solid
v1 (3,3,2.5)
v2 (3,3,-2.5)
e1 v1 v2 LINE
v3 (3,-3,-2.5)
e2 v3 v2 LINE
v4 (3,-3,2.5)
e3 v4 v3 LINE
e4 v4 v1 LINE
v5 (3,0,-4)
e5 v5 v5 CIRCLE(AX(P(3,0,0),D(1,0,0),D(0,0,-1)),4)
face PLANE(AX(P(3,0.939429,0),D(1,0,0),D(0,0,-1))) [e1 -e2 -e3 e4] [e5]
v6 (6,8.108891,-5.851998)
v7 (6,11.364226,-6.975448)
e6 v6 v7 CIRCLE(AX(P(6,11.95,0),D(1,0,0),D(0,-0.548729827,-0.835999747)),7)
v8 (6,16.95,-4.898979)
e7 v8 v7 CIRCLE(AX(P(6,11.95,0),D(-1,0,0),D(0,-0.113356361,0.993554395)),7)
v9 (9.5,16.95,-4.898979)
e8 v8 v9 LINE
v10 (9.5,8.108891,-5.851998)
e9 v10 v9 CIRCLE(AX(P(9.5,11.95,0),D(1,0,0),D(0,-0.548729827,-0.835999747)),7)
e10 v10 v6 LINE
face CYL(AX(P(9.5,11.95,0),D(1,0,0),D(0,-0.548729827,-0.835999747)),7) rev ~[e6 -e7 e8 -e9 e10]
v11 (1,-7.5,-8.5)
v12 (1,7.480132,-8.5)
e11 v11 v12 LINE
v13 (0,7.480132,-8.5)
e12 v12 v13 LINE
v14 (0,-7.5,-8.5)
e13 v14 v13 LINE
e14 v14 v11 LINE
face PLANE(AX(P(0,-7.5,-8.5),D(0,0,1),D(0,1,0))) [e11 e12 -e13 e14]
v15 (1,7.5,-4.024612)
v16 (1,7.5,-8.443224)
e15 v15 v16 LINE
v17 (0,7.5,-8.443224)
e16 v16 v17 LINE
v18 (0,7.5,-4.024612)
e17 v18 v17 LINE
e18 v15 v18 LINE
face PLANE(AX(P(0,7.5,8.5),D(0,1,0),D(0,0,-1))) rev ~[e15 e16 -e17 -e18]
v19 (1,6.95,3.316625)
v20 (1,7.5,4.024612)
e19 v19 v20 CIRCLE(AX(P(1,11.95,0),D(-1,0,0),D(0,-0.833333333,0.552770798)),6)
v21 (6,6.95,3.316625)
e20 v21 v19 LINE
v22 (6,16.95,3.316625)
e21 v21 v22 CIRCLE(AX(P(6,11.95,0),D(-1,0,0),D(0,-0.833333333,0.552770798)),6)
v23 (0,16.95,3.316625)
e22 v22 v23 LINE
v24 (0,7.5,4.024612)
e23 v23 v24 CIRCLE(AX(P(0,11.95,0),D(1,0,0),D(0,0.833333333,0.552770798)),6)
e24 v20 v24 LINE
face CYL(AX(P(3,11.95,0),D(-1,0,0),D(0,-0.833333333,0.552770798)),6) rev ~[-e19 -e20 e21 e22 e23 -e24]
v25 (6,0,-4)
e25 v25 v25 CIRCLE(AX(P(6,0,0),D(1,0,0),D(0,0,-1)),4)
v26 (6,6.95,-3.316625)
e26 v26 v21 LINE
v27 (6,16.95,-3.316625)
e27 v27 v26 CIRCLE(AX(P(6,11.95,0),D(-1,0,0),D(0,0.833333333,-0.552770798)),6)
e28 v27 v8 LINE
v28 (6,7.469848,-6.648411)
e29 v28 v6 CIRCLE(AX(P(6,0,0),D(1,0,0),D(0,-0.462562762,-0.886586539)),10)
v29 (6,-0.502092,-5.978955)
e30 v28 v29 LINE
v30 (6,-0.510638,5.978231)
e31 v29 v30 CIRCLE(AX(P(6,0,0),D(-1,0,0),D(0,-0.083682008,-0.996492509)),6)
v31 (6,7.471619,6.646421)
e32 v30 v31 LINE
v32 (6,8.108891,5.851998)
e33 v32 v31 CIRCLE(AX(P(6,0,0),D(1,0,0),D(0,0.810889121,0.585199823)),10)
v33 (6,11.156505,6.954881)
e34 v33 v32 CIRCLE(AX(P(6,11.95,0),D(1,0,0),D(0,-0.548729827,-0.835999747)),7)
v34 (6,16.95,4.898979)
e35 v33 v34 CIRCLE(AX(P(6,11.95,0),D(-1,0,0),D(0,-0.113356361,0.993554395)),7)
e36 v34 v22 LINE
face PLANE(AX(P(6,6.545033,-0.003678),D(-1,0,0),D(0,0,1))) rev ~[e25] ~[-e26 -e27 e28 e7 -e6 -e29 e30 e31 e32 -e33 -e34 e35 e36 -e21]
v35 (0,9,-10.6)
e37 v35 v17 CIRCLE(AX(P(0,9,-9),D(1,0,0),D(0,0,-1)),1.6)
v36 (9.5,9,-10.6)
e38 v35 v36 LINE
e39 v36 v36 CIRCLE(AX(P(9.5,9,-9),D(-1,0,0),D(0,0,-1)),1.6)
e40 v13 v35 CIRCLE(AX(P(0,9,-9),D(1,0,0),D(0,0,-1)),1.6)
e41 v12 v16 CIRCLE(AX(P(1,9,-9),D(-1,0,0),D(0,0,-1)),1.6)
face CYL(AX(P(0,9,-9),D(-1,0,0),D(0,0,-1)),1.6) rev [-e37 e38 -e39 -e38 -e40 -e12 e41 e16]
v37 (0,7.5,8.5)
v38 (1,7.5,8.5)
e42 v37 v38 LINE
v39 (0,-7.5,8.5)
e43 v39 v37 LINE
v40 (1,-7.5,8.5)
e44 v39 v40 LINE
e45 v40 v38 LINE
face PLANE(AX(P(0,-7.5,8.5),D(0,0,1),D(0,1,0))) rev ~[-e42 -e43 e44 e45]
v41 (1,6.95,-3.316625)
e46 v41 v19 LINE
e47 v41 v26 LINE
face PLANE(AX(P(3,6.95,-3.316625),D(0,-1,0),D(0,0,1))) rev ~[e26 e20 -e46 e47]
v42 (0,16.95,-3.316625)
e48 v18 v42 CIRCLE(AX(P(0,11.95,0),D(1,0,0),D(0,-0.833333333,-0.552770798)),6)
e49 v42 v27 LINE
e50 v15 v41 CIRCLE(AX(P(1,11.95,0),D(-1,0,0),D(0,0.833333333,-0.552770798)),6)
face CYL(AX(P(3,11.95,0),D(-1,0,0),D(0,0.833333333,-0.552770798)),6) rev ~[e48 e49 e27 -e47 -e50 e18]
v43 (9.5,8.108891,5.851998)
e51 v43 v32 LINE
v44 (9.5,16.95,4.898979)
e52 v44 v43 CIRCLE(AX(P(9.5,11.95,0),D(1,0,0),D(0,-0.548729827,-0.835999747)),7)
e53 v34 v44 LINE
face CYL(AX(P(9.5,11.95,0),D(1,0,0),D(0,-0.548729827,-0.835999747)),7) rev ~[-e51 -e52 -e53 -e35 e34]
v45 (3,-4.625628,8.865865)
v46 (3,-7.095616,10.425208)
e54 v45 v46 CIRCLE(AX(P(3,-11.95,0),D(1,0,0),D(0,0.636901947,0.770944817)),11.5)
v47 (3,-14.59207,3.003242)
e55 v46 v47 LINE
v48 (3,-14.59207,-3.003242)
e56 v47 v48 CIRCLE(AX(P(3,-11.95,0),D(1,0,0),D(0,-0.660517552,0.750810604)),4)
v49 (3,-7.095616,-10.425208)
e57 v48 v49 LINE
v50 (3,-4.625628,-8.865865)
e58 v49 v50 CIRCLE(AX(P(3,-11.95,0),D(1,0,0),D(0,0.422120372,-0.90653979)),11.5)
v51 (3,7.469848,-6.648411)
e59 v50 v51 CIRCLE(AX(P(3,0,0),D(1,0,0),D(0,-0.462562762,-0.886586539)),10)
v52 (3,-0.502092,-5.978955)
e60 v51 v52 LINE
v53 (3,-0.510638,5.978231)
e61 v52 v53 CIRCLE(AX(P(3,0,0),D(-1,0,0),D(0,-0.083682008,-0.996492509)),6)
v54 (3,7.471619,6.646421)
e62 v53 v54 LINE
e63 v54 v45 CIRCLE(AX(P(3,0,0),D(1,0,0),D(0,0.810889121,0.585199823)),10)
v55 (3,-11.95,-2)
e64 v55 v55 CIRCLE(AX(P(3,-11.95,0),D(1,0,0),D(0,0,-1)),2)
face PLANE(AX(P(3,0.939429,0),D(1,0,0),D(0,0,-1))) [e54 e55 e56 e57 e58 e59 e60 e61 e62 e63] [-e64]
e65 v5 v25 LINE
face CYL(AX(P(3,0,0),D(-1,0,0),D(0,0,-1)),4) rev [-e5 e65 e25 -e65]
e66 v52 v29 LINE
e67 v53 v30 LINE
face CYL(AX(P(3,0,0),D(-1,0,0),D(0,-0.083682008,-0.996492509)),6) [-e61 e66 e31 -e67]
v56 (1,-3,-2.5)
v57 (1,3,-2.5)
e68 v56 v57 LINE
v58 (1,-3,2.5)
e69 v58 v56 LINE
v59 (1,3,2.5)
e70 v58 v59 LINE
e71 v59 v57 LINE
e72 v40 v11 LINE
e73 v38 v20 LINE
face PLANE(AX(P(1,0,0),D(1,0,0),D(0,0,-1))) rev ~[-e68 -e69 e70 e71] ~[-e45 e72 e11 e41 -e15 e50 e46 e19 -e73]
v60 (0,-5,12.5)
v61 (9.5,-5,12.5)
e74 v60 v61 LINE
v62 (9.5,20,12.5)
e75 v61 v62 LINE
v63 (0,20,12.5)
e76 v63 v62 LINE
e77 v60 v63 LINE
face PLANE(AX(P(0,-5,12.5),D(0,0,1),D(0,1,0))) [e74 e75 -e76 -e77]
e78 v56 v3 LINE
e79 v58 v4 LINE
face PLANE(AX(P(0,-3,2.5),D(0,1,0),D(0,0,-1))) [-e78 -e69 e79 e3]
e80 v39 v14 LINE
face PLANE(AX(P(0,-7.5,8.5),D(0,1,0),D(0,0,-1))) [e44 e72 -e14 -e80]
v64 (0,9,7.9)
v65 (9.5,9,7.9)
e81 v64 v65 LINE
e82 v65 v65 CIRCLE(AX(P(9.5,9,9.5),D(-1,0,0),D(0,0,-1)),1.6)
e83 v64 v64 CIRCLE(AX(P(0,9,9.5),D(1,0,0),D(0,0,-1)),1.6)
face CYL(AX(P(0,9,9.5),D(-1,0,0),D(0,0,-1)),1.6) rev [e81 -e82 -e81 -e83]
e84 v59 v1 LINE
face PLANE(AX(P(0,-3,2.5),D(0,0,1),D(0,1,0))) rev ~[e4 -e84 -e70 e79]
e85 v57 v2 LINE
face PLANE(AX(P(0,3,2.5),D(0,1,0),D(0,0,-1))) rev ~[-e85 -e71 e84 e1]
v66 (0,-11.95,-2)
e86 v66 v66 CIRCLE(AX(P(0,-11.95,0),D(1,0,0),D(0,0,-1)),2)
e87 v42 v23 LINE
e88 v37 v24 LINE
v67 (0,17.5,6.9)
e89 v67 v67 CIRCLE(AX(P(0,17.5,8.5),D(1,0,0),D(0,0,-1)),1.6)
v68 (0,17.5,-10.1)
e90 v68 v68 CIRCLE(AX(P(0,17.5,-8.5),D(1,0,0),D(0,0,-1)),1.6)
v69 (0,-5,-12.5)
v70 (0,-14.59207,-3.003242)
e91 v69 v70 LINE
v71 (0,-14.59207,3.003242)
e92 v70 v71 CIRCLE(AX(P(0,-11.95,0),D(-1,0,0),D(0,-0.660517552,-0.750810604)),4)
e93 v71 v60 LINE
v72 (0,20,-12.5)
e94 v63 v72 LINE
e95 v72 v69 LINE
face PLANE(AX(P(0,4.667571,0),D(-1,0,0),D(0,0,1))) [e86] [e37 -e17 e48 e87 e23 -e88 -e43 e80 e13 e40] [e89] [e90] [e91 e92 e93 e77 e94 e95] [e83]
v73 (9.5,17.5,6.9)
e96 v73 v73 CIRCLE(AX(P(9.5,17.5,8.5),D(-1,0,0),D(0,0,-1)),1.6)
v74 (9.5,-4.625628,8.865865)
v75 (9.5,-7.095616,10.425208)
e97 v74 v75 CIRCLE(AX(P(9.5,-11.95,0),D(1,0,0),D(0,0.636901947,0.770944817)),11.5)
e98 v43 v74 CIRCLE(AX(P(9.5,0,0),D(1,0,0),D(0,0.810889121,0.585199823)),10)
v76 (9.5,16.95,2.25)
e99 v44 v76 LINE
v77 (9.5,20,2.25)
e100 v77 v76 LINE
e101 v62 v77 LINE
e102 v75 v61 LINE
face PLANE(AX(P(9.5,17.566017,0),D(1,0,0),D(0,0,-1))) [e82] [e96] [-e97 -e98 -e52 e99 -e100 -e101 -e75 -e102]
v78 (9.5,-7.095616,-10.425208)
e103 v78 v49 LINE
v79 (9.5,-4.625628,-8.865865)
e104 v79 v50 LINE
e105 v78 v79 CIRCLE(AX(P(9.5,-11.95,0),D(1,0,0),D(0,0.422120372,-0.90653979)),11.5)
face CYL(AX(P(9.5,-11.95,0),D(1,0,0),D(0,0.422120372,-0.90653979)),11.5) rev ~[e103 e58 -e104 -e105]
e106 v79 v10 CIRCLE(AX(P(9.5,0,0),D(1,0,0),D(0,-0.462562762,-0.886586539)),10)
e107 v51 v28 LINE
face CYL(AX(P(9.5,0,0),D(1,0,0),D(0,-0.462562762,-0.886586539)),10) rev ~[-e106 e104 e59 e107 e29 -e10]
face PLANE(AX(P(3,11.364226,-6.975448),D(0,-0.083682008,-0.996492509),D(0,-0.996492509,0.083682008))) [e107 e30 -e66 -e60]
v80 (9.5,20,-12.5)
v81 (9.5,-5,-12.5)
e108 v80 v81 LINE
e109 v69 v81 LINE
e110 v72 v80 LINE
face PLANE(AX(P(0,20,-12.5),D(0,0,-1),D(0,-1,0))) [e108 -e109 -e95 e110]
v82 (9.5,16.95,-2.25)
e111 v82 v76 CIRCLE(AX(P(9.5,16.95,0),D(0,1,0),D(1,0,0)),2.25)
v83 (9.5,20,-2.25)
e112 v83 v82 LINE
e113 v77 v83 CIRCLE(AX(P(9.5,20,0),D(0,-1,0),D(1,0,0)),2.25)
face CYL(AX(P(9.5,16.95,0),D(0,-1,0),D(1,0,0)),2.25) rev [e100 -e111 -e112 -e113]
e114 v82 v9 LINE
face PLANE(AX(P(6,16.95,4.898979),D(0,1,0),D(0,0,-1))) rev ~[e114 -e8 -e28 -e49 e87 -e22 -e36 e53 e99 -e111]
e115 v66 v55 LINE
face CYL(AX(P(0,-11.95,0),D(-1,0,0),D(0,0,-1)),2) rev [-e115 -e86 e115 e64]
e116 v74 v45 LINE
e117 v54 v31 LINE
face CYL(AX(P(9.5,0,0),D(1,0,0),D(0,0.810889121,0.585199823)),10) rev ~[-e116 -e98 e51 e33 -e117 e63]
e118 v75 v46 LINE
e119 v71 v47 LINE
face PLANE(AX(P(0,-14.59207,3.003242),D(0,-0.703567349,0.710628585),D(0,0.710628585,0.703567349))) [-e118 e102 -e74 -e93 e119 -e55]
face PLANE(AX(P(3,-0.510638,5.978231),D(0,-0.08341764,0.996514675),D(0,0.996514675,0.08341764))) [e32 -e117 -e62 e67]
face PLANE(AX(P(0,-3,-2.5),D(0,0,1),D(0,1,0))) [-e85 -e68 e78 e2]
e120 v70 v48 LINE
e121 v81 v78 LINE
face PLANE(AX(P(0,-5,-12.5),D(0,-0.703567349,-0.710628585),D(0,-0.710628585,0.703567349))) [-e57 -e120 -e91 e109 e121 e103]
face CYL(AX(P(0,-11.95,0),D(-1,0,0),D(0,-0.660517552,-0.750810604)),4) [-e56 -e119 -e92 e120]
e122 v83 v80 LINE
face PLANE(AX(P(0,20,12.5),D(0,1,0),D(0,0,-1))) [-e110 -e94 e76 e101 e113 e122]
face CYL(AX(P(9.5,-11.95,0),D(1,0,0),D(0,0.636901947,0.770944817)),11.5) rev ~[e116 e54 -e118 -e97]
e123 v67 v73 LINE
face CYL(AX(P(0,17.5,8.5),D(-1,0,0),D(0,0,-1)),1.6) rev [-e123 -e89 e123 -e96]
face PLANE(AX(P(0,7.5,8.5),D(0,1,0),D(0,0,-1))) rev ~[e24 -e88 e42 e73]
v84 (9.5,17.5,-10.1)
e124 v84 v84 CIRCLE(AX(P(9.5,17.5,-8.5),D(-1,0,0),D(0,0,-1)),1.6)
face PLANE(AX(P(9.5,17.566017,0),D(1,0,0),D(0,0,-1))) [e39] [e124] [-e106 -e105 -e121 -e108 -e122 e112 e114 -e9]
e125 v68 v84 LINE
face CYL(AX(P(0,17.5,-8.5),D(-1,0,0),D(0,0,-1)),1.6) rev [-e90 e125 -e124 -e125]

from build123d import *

# Parameters (mm, degrees)
SKETCH1_R           = 2
SKETCH1_W           = 5
SKETCH1_H           = 6
BOSS_EXTRUDE1_DEPTH = 9.5
CUT_EXTRUDE1_START  = 9.5
SKETCH1_6_R         = 2
SKETCH1_6_W         = 5
SKETCH1_6_H         = 6
CUT_EXTRUDE1_DEPTH  = 6.5
BOSS_EXTRUDE2_START = 3
SKETCH2_R           = 4
BOSS_EXTRUDE2_DEPTH = 3
BOSS_EXTRUDE3_START = 6
BOSS_EXTRUDE3_DEPTH = 3.5
CUT_EXTRUDE2_START  = 16.95
SKETCH3_R           = 2.25
CUT_EXTRUDE2_DEPTH  = 7
SKETCH5_R           = 1.6
CUT_EXTRUDE3_DEPTH  = 10
SKETCH6_W           = 17
SKETCH6_H           = 15
CUT_EXTRUDE4_DEPTH  = 1


with BuildPart() as part:
    # Sketch1 → Boss-Extrude1 (new body)
    with BuildSketch(Plane(origin=(0, 0, 0), x_dir=(0, 0, -1), z_dir=(1, 0, 0))):
        with BuildLine():
            Line((-12.5, -5), (-12.5, 20))
            Line((-12.5, 20), (12.5, 20))
            Line((12.5, 20), (12.5, -5))
            Line((12.5, -5), (3.003242416, -14.592070209))
            ThreePointArc((3.003242416, -14.592070209), (0, -15.95), (-3.003242416, -14.592070209))
            Line((-3.003242416, -14.592070209), (-12.5, -5))
        make_face()
        with Locations((0, -11.95)):
            Circle(SKETCH1_R, mode=Mode.SUBTRACT)
        with BuildLine():
            Line((-3.31662479, 6.95), (3.31662479, 6.95))
            ThreePointArc((3.31662479, 6.95), (6, 11.95), (3.31662479, 16.95))
            Line((3.31662479, 16.95), (-3.31662479, 16.95))
            ThreePointArc((-3.31662479, 16.95), (-6, 11.95), (-3.31662479, 6.95))
        make_face(mode=Mode.SUBTRACT)
        Rectangle(SKETCH1_W, SKETCH1_H, mode=Mode.SUBTRACT)
    extrude(amount=BOSS_EXTRUDE1_DEPTH)

    # Sketch1<6> → Cut-Extrude1 (cut)
    with BuildSketch(Plane(origin=(0, 0, 0), x_dir=(0, 0, -1), z_dir=(1, 0, 0)).offset(CUT_EXTRUDE1_START)):
        with BuildLine():
            ThreePointArc((-8.865865393, -4.625627615), (-9.724278097, -5.810910858), (-10.425207588, -7.09561572))
            Line((-10.425207588, -7.09561572), (-3.003242416, -14.592070209))
            ThreePointArc((-3.003242416, -14.592070209), (0, -15.95), (3.003242416, -14.592070209))
            Line((3.003242416, -14.592070209), (10.425207588, -7.09561572))
            ThreePointArc((10.425207588, -7.09561572), (9.724278097, -5.810910858), (8.865865393, -4.625627615))
            ThreePointArc((8.865865393, -4.625627615), (9.731180291, 2.303069722), (5.85199823, 8.108891213))
            ThreePointArc((5.85199823, 8.108891213), (0, 18.95), (-5.85199823, 8.108891213))
            ThreePointArc((-5.85199823, 8.108891213), (-9.731180291, 2.303069722), (-8.865865393, -4.625627615))
        make_face()
        with Locations((0, -11.95)):
            Circle(SKETCH1_6_R, mode=Mode.SUBTRACT)
        Rectangle(SKETCH1_6_W, SKETCH1_6_H, mode=Mode.SUBTRACT)
        with BuildLine():
            Line((3.31662479, 6.95), (-3.31662479, 6.95))
            ThreePointArc((-3.31662479, 6.95), (-6, 11.95), (-3.31662479, 16.95))
            Line((-3.31662479, 16.95), (3.31662479, 16.95))
            ThreePointArc((3.31662479, 16.95), (6, 11.95), (3.31662479, 6.95))
        make_face(mode=Mode.SUBTRACT)
    extrude(amount=-CUT_EXTRUDE1_DEPTH, mode=Mode.SUBTRACT)

    # Sketch2 → Boss-Extrude2 (add)
    with BuildSketch(Plane(origin=(0, 0, 0), x_dir=(0, 0, -1), z_dir=(1, 0, 0)).offset(BOSS_EXTRUDE2_START)):
        with BuildLine():
            Line((6.975447566, 11.364225941), (5.978955057, -0.50209205))
            ThreePointArc((5.978955057, -0.50209205), (0.004288423, -5.999998467), (-5.978231221, -0.510638298))
            Line((-5.978231221, -0.510638298), (-6.954880764, 11.156505474))
            ThreePointArc((-6.954880764, 11.156505474), (-0.104368082, 18.949221907), (6.975447566, 11.364225941))
        make_face()
        Circle(SKETCH2_R, mode=Mode.SUBTRACT)
        with BuildLine():
            Line((-3.31662479, 16.95), (3.31662479, 16.95))
            ThreePointArc((3.31662479, 16.95), (6, 11.95), (3.31662479, 6.95))
            Line((3.31662479, 6.95), (-3.31662479, 6.95))
            ThreePointArc((-3.31662479, 6.95), (-6, 11.95), (-3.31662479, 16.95))
        make_face(mode=Mode.SUBTRACT)
    extrude(amount=BOSS_EXTRUDE2_DEPTH)

    # Sketch4 → Boss-Extrude3 (add)
    with BuildSketch(Plane(origin=(0, 0, 0), x_dir=(0, 0, -1), z_dir=(1, 0, 0)).offset(BOSS_EXTRUDE3_START)):
        with BuildLine():
            Line((-4.898979486, 16.95), (4.898979486, 16.95))
            ThreePointArc((4.898979486, 16.95), (0, 18.95), (-4.898979486, 16.95))
        make_face()
    extrude(amount=BOSS_EXTRUDE3_DEPTH)

    # Sketch3 → Cut-Extrude2 (cut)
    with BuildSketch(Plane(origin=(0, 0, 0), x_dir=(1, 0, 0), z_dir=(0, 1, 0)).offset(CUT_EXTRUDE2_START)):
        with Locations((9.5, 0)):
            Circle(SKETCH3_R)
    extrude(amount=CUT_EXTRUDE2_DEPTH, mode=Mode.SUBTRACT)

    # Sketch5 → Cut-Extrude3 (cut)
    with BuildSketch(Plane(origin=(0, 0, 0), x_dir=(0, 0, -1), z_dir=(1, 0, 0))):
        with Locations((8.5, 17.5)):
            Circle(SKETCH5_R)
        with Locations((-8.5, 17.5)):
            Circle(SKETCH5_R)
        with Locations((9, 9)):
            Circle(SKETCH5_R)
        with Locations((-9.5, 9)):
            Circle(SKETCH5_R)
    extrude(amount=CUT_EXTRUDE3_DEPTH, mode=Mode.SUBTRACT)

    # Sketch6 → Cut-Extrude4 (cut)
    with BuildSketch(Plane(origin=(0, 0, 0), x_dir=(0, 0, -1), z_dir=(1, 0, 0))):
        Rectangle(SKETCH6_W, SKETCH6_H)
    extrude(amount=CUT_EXTRUDE4_DEPTH, mode=Mode.SUBTRACT)


solid = part.part
